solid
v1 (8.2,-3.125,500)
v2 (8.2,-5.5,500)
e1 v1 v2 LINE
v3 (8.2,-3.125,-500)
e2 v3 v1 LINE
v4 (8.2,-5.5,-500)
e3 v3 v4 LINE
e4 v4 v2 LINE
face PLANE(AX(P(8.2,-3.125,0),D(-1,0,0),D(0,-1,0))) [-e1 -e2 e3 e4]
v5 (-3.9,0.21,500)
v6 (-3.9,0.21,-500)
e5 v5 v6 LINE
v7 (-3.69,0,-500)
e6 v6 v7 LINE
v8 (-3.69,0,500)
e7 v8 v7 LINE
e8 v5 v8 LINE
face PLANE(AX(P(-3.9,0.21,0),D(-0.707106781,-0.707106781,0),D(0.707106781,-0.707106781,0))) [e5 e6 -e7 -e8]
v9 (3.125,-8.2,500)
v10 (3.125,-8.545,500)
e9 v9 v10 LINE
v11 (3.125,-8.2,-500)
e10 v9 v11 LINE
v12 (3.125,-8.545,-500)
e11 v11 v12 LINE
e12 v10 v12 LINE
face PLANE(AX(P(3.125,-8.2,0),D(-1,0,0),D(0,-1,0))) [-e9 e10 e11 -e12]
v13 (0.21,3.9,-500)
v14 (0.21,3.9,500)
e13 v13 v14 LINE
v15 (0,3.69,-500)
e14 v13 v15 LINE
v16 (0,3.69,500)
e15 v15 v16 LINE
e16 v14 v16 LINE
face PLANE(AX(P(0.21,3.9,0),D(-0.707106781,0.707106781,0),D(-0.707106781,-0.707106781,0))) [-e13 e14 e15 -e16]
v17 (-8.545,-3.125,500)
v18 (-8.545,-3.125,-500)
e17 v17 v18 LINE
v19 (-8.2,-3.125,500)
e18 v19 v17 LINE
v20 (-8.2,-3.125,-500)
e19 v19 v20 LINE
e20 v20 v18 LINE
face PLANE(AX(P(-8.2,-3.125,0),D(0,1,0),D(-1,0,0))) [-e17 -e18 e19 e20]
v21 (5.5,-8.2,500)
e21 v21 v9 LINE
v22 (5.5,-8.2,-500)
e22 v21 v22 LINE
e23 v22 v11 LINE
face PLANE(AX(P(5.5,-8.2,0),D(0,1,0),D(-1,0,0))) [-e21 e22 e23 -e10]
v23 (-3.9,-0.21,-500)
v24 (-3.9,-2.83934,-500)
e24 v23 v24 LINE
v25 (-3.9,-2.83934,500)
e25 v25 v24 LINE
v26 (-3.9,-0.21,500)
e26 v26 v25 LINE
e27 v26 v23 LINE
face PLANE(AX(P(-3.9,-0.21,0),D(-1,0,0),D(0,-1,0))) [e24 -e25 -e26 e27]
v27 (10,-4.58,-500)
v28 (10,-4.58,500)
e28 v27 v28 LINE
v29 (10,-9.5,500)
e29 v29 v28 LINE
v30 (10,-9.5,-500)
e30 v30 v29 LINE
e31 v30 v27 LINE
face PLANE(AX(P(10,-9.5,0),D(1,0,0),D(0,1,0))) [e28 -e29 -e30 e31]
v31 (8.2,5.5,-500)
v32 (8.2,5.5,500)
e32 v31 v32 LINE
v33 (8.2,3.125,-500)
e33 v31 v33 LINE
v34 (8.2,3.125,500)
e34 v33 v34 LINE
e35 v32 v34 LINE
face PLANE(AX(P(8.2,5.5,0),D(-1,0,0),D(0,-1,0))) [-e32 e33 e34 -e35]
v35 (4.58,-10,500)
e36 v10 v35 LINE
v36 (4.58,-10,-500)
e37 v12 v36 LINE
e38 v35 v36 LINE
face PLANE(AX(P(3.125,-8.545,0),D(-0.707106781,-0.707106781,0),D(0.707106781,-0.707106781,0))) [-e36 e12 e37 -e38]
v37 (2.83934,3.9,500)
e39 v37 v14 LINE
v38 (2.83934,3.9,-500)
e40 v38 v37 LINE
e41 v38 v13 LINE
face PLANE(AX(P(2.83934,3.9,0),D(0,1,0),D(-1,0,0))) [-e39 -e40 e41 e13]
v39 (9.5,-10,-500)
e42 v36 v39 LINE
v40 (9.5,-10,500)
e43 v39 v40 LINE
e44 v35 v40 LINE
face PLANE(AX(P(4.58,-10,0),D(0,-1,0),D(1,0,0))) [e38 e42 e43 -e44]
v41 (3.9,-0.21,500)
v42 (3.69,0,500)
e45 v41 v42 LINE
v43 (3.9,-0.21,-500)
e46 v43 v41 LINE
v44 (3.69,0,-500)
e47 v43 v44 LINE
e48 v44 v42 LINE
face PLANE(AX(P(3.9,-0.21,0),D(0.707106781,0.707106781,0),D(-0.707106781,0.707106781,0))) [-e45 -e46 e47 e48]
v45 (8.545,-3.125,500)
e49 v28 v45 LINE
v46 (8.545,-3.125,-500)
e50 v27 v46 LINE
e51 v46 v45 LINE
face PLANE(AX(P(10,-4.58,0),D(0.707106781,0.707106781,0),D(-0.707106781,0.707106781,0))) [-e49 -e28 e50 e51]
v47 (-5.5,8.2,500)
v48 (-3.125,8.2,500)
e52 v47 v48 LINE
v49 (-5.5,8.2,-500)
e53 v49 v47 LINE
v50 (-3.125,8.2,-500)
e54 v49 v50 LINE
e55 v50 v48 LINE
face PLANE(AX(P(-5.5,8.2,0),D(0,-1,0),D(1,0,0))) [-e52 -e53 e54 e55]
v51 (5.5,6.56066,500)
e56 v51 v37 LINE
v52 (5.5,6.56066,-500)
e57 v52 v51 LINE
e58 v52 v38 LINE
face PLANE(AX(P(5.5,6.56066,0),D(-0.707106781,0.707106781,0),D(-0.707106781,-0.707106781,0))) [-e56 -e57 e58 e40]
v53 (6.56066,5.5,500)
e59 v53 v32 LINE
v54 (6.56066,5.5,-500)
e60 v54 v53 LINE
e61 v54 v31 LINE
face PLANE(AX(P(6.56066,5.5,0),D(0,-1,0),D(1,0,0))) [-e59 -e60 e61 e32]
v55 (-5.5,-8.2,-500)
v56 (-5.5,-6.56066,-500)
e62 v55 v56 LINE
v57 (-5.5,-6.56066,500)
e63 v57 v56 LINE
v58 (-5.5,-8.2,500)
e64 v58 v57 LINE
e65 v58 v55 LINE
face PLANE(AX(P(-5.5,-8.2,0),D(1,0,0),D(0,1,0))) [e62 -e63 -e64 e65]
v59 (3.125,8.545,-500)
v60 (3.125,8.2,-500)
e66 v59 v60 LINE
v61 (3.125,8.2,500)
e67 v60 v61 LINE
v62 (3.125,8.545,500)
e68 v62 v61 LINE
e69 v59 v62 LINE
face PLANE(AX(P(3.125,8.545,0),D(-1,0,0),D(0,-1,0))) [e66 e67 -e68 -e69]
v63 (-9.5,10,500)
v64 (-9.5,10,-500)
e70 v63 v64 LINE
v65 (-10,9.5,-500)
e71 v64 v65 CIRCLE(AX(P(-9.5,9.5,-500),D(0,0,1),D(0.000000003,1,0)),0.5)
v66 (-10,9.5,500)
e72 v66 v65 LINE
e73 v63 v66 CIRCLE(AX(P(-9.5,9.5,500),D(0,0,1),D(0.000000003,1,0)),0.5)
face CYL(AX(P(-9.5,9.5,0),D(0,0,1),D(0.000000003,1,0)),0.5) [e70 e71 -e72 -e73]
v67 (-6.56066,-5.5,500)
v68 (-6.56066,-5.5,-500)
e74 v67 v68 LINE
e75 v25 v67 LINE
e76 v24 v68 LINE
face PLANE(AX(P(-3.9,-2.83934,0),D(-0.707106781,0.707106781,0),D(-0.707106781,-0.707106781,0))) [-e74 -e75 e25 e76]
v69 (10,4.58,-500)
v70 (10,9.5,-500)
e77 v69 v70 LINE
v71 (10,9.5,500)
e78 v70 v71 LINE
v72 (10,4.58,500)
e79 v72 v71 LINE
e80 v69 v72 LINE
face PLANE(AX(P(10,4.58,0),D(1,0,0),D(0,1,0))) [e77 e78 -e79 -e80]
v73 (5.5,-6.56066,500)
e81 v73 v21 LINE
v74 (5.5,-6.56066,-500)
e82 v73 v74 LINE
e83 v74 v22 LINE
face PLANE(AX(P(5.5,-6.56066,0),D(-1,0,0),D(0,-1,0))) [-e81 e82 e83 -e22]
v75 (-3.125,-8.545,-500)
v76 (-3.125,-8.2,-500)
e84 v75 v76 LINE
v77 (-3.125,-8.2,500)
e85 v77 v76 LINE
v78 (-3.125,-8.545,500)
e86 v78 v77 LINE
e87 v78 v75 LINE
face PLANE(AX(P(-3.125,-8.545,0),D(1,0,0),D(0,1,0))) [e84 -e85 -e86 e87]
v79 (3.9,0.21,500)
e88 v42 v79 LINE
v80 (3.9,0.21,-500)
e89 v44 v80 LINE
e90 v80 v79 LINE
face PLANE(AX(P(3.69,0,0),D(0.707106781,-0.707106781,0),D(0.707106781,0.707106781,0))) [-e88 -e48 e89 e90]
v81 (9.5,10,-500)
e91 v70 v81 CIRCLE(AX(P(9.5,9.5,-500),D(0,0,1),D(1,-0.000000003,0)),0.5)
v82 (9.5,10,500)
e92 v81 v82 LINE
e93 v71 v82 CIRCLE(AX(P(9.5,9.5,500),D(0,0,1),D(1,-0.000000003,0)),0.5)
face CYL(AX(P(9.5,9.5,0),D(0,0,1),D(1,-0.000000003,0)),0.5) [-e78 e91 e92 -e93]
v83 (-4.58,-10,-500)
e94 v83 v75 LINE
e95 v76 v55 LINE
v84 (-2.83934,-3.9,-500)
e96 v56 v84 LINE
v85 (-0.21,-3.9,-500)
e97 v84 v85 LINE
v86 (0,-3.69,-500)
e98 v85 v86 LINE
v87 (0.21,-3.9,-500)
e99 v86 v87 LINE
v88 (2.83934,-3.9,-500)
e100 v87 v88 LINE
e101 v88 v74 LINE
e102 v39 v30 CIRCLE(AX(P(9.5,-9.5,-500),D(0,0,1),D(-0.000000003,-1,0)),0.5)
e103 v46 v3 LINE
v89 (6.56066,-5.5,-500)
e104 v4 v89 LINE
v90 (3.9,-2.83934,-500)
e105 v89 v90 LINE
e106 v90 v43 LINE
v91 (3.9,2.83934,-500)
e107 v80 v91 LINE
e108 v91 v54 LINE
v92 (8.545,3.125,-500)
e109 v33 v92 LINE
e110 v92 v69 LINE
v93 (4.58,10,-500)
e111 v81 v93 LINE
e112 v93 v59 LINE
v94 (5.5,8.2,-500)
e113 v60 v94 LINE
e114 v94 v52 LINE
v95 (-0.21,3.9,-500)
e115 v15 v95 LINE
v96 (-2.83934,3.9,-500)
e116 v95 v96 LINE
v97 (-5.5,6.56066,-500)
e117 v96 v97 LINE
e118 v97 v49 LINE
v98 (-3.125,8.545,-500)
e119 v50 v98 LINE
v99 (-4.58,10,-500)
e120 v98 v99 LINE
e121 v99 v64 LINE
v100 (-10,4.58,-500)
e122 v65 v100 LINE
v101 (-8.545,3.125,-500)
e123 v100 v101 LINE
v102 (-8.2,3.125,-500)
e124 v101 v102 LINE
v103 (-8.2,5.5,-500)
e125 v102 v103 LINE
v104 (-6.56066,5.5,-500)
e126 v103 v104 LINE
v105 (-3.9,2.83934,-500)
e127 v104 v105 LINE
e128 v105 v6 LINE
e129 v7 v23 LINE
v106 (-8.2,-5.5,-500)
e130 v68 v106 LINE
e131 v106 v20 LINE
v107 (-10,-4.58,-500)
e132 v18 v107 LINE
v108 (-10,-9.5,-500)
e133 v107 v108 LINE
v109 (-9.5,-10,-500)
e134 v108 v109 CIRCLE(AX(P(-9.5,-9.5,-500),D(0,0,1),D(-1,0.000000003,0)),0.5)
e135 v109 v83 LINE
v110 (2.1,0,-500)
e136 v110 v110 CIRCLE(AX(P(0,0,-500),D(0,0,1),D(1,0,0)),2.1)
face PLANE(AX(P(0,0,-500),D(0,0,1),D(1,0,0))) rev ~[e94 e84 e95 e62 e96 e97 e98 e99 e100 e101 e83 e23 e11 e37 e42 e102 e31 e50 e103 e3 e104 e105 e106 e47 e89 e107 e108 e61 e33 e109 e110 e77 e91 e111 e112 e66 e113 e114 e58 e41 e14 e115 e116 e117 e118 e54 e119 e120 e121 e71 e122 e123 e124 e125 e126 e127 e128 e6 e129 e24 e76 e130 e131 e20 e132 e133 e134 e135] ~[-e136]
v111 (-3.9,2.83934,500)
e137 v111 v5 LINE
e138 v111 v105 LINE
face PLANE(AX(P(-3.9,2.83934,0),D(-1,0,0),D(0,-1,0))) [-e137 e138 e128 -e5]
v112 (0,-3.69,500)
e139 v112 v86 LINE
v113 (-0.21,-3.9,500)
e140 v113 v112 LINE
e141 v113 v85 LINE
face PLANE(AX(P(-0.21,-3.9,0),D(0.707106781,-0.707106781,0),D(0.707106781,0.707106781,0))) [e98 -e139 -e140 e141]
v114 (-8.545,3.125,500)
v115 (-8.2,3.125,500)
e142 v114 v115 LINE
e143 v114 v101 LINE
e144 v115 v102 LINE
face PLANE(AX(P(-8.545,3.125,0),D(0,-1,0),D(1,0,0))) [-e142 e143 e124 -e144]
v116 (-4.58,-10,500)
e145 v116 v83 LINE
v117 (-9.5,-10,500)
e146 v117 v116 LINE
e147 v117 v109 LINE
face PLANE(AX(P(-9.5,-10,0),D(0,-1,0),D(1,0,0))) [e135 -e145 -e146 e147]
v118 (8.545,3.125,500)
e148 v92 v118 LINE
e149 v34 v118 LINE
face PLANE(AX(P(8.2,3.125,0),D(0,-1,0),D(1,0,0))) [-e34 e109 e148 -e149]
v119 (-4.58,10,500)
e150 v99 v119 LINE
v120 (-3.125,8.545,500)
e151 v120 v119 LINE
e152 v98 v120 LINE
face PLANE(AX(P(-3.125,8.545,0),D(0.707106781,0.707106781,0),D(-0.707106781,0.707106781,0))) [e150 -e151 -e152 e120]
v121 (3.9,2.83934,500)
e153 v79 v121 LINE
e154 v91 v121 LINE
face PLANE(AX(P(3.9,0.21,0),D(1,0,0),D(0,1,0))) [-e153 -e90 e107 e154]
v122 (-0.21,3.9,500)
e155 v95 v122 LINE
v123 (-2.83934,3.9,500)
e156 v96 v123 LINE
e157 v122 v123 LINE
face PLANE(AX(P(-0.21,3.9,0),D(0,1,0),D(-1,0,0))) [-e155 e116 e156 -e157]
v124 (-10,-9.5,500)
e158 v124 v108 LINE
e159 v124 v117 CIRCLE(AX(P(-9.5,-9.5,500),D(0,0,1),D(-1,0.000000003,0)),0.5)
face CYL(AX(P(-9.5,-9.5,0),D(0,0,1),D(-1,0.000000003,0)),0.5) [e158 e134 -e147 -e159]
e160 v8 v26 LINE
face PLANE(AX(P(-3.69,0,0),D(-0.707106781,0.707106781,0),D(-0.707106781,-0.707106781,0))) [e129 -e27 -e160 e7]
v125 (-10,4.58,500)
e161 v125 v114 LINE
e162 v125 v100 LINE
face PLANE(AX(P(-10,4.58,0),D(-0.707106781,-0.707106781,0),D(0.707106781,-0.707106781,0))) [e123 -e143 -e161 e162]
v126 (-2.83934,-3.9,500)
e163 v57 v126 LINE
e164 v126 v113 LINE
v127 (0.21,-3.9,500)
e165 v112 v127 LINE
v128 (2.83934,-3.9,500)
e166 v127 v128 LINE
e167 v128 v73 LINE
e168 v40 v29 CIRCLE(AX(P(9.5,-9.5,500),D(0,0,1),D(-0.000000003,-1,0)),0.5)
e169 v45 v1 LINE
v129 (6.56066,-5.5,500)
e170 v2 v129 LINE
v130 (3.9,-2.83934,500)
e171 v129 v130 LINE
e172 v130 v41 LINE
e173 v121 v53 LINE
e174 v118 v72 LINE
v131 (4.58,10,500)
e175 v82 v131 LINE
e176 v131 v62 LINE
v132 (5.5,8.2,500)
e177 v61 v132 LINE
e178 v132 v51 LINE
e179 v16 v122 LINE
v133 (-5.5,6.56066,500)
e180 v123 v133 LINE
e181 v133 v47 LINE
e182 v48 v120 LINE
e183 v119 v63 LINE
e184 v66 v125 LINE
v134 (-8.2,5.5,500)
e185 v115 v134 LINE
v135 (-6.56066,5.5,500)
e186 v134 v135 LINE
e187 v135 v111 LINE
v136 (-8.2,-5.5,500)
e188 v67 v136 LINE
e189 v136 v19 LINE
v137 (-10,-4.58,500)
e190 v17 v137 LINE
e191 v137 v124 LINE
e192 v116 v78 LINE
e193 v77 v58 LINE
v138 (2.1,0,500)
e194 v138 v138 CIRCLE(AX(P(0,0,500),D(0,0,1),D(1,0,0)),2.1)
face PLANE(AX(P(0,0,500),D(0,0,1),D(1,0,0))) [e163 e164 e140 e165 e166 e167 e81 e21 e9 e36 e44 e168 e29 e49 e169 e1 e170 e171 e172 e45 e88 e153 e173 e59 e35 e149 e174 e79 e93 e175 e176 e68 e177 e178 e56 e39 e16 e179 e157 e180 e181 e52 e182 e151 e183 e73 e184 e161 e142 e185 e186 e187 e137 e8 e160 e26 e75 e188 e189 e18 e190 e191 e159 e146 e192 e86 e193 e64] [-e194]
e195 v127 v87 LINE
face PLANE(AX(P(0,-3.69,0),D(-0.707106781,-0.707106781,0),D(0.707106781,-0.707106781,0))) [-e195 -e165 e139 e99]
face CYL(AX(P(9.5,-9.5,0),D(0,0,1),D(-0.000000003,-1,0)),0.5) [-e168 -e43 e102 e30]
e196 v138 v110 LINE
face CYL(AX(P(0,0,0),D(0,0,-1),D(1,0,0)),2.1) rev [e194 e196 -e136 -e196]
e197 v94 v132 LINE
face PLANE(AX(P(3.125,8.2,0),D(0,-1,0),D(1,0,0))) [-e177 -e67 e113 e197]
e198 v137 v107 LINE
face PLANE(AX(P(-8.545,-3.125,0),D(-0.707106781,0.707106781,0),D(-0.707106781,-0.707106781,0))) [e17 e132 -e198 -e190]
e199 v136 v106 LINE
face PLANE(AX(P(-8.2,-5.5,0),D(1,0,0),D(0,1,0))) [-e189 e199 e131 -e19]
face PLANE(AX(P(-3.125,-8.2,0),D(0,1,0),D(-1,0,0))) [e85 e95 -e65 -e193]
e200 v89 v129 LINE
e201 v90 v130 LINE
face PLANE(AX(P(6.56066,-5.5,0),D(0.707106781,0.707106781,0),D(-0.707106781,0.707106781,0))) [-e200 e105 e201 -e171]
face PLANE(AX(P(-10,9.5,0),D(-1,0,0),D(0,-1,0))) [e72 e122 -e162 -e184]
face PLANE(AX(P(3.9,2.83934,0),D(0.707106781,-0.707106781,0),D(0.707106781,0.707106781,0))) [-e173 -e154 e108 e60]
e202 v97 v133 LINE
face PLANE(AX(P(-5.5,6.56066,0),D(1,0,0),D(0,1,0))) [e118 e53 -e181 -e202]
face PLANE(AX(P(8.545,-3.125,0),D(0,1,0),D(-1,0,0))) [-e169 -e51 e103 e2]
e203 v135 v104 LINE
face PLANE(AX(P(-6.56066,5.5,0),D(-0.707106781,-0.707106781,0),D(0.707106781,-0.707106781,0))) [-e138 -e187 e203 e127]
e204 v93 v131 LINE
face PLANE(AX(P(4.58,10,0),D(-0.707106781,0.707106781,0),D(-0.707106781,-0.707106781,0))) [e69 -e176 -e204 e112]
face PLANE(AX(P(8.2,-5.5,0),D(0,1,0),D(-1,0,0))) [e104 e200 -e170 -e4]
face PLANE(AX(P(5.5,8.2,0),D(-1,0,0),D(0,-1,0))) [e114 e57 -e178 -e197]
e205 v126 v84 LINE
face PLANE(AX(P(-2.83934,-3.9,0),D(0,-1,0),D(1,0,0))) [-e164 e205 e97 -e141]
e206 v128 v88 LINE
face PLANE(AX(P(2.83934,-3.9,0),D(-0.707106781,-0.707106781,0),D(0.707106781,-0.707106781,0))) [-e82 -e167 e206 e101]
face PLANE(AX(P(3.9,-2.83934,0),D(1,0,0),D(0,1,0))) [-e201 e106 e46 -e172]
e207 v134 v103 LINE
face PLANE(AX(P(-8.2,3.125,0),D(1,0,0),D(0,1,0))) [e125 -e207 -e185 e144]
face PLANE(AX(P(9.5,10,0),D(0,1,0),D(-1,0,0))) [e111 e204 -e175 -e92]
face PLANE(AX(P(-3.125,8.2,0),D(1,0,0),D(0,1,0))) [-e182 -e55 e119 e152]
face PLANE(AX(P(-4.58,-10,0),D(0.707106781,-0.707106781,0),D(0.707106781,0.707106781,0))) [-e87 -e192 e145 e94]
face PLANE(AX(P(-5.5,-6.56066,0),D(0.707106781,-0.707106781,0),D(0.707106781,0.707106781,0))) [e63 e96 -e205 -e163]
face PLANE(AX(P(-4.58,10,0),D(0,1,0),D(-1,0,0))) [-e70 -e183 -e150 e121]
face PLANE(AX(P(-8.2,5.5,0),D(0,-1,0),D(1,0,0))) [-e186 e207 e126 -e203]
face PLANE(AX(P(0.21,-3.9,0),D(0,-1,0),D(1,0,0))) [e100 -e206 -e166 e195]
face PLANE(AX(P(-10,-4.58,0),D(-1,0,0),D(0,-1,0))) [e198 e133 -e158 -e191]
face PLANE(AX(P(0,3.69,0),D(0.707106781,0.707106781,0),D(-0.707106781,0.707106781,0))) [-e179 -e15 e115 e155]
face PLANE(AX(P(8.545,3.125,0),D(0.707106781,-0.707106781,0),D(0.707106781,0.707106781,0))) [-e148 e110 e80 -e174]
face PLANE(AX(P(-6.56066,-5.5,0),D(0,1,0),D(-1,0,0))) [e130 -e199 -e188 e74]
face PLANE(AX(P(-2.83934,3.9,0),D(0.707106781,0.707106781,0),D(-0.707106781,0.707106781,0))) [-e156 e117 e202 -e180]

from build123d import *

# Parameters (mm, degrees)
SKETCH1_R           = 2.1
BOSS_EXTRUDE1_DEPTH = 500


with BuildPart() as part:
    # Sketch1 → Boss-Extrude1 (new body, symmetric)
    with BuildSketch(Plane.XY):
        with BuildLine():
            Line((4.58, -10), (9.5, -10))
            ThreePointArc((9.5, -10), (9.853553391, -9.853553391), (10, -9.5))
            Line((10, -9.5), (10, -4.58))
            Line((10, -4.58), (8.545, -3.125))
            Line((8.545, -3.125), (8.2, -3.125))
            Line((8.2, -3.125), (8.2, -5.5))
            Line((8.2, -5.5), (6.560660172, -5.5))
            Line((6.560660172, -5.5), (3.9, -2.839339828))
            Line((3.9, -2.839339828), (3.9, -0.21))
            Line((3.9, -0.21), (3.69, 0))
            Line((3.69, 0), (3.9, 0.21))
            Line((3.9, 0.21), (3.9, 2.839339828))
            Line((3.9, 2.839339828), (6.560660172, 5.5))
            Line((6.560660172, 5.5), (8.2, 5.5))
            Line((8.2, 5.5), (8.2, 3.125))
            Line((8.2, 3.125), (8.545, 3.125))
            Line((8.545, 3.125), (10, 4.58))
            Line((10, 4.58), (10, 9.5))
            ThreePointArc((10, 9.5), (9.853553391, 9.853553391), (9.5, 10))
            Line((9.5, 10), (4.58, 10))
            Line((4.58, 10), (3.125, 8.545))
            Line((3.125, 8.545), (3.125, 8.2))
            Line((3.125, 8.2), (5.5, 8.2))
            Line((5.5, 8.2), (5.5, 6.560660172))
            Line((5.5, 6.560660172), (2.839339828, 3.9))
            Line((2.839339828, 3.9), (0.21, 3.9))
            Line((0.21, 3.9), (0, 3.69))
            Line((0, 3.69), (-0.21, 3.9))
            Line((-0.21, 3.9), (-2.839339828, 3.9))
            Line((-2.839339828, 3.9), (-5.5, 6.560660172))
            Line((-5.5, 6.560660172), (-5.5, 8.2))
            Line((-5.5, 8.2), (-3.125, 8.2))
            Line((-3.125, 8.2), (-3.125, 8.545))
            Line((-3.125, 8.545), (-4.58, 10))
            Line((-4.58, 10), (-9.5, 10))
            ThreePointArc((-9.5, 10), (-9.853553391, 9.853553391), (-10, 9.5))
            Line((-10, 9.5), (-10, 4.58))
            Line((-10, 4.58), (-8.545, 3.125))
            Line((-8.545, 3.125), (-8.2, 3.125))
            Line((-8.2, 3.125), (-8.2, 5.5))
            Line((-8.2, 5.5), (-6.560660172, 5.5))
            Line((-6.560660172, 5.5), (-3.9, 2.839339828))
            Line((-3.9, 2.839339828), (-3.9, 0.21))
            Line((-3.9, 0.21), (-3.69, 0))
            Line((-3.69, 0), (-3.9, -0.21))
            Line((-3.9, -0.21), (-3.9, -2.839339828))
            Line((-3.9, -2.839339828), (-6.560660172, -5.5))
            Line((-6.560660172, -5.5), (-8.2, -5.5))
            Line((-8.2, -5.5), (-8.2, -3.125))
            Line((-8.2, -3.125), (-8.545, -3.125))
            Line((-8.545, -3.125), (-10, -4.58))
            Line((-10, -4.58), (-10, -9.5))
            ThreePointArc((-10, -9.5), (-9.853553391, -9.853553391), (-9.5, -10))
            Line((-9.5, -10), (-4.58, -10))
            Line((-4.58, -10), (-3.125, -8.545))
            Line((-3.125, -8.545), (-3.125, -8.2))
            Line((-3.125, -8.2), (-5.5, -8.2))
            Line((-5.5, -8.2), (-5.5, -6.560660172))
            Line((-5.5, -6.560660172), (-2.839339828, -3.9))
            Line((-2.839339828, -3.9), (-0.21, -3.9))
            Line((-0.21, -3.9), (0, -3.69))
            Line((0, -3.69), (0.21, -3.9))
            Line((0.21, -3.9), (2.839339828, -3.9))
            Line((2.839339828, -3.9), (5.5, -6.560660172))
            Line((5.5, -6.560660172), (5.5, -8.2))
            Line((5.5, -8.2), (3.125, -8.2))
            Line((3.125, -8.2), (3.125, -8.545))
            Line((3.125, -8.545), (4.58, -10))
        make_face()
        Circle(SKETCH1_R, mode=Mode.SUBTRACT)
    extrude(amount=BOSS_EXTRUDE1_DEPTH, both=True)


solid = part.part
